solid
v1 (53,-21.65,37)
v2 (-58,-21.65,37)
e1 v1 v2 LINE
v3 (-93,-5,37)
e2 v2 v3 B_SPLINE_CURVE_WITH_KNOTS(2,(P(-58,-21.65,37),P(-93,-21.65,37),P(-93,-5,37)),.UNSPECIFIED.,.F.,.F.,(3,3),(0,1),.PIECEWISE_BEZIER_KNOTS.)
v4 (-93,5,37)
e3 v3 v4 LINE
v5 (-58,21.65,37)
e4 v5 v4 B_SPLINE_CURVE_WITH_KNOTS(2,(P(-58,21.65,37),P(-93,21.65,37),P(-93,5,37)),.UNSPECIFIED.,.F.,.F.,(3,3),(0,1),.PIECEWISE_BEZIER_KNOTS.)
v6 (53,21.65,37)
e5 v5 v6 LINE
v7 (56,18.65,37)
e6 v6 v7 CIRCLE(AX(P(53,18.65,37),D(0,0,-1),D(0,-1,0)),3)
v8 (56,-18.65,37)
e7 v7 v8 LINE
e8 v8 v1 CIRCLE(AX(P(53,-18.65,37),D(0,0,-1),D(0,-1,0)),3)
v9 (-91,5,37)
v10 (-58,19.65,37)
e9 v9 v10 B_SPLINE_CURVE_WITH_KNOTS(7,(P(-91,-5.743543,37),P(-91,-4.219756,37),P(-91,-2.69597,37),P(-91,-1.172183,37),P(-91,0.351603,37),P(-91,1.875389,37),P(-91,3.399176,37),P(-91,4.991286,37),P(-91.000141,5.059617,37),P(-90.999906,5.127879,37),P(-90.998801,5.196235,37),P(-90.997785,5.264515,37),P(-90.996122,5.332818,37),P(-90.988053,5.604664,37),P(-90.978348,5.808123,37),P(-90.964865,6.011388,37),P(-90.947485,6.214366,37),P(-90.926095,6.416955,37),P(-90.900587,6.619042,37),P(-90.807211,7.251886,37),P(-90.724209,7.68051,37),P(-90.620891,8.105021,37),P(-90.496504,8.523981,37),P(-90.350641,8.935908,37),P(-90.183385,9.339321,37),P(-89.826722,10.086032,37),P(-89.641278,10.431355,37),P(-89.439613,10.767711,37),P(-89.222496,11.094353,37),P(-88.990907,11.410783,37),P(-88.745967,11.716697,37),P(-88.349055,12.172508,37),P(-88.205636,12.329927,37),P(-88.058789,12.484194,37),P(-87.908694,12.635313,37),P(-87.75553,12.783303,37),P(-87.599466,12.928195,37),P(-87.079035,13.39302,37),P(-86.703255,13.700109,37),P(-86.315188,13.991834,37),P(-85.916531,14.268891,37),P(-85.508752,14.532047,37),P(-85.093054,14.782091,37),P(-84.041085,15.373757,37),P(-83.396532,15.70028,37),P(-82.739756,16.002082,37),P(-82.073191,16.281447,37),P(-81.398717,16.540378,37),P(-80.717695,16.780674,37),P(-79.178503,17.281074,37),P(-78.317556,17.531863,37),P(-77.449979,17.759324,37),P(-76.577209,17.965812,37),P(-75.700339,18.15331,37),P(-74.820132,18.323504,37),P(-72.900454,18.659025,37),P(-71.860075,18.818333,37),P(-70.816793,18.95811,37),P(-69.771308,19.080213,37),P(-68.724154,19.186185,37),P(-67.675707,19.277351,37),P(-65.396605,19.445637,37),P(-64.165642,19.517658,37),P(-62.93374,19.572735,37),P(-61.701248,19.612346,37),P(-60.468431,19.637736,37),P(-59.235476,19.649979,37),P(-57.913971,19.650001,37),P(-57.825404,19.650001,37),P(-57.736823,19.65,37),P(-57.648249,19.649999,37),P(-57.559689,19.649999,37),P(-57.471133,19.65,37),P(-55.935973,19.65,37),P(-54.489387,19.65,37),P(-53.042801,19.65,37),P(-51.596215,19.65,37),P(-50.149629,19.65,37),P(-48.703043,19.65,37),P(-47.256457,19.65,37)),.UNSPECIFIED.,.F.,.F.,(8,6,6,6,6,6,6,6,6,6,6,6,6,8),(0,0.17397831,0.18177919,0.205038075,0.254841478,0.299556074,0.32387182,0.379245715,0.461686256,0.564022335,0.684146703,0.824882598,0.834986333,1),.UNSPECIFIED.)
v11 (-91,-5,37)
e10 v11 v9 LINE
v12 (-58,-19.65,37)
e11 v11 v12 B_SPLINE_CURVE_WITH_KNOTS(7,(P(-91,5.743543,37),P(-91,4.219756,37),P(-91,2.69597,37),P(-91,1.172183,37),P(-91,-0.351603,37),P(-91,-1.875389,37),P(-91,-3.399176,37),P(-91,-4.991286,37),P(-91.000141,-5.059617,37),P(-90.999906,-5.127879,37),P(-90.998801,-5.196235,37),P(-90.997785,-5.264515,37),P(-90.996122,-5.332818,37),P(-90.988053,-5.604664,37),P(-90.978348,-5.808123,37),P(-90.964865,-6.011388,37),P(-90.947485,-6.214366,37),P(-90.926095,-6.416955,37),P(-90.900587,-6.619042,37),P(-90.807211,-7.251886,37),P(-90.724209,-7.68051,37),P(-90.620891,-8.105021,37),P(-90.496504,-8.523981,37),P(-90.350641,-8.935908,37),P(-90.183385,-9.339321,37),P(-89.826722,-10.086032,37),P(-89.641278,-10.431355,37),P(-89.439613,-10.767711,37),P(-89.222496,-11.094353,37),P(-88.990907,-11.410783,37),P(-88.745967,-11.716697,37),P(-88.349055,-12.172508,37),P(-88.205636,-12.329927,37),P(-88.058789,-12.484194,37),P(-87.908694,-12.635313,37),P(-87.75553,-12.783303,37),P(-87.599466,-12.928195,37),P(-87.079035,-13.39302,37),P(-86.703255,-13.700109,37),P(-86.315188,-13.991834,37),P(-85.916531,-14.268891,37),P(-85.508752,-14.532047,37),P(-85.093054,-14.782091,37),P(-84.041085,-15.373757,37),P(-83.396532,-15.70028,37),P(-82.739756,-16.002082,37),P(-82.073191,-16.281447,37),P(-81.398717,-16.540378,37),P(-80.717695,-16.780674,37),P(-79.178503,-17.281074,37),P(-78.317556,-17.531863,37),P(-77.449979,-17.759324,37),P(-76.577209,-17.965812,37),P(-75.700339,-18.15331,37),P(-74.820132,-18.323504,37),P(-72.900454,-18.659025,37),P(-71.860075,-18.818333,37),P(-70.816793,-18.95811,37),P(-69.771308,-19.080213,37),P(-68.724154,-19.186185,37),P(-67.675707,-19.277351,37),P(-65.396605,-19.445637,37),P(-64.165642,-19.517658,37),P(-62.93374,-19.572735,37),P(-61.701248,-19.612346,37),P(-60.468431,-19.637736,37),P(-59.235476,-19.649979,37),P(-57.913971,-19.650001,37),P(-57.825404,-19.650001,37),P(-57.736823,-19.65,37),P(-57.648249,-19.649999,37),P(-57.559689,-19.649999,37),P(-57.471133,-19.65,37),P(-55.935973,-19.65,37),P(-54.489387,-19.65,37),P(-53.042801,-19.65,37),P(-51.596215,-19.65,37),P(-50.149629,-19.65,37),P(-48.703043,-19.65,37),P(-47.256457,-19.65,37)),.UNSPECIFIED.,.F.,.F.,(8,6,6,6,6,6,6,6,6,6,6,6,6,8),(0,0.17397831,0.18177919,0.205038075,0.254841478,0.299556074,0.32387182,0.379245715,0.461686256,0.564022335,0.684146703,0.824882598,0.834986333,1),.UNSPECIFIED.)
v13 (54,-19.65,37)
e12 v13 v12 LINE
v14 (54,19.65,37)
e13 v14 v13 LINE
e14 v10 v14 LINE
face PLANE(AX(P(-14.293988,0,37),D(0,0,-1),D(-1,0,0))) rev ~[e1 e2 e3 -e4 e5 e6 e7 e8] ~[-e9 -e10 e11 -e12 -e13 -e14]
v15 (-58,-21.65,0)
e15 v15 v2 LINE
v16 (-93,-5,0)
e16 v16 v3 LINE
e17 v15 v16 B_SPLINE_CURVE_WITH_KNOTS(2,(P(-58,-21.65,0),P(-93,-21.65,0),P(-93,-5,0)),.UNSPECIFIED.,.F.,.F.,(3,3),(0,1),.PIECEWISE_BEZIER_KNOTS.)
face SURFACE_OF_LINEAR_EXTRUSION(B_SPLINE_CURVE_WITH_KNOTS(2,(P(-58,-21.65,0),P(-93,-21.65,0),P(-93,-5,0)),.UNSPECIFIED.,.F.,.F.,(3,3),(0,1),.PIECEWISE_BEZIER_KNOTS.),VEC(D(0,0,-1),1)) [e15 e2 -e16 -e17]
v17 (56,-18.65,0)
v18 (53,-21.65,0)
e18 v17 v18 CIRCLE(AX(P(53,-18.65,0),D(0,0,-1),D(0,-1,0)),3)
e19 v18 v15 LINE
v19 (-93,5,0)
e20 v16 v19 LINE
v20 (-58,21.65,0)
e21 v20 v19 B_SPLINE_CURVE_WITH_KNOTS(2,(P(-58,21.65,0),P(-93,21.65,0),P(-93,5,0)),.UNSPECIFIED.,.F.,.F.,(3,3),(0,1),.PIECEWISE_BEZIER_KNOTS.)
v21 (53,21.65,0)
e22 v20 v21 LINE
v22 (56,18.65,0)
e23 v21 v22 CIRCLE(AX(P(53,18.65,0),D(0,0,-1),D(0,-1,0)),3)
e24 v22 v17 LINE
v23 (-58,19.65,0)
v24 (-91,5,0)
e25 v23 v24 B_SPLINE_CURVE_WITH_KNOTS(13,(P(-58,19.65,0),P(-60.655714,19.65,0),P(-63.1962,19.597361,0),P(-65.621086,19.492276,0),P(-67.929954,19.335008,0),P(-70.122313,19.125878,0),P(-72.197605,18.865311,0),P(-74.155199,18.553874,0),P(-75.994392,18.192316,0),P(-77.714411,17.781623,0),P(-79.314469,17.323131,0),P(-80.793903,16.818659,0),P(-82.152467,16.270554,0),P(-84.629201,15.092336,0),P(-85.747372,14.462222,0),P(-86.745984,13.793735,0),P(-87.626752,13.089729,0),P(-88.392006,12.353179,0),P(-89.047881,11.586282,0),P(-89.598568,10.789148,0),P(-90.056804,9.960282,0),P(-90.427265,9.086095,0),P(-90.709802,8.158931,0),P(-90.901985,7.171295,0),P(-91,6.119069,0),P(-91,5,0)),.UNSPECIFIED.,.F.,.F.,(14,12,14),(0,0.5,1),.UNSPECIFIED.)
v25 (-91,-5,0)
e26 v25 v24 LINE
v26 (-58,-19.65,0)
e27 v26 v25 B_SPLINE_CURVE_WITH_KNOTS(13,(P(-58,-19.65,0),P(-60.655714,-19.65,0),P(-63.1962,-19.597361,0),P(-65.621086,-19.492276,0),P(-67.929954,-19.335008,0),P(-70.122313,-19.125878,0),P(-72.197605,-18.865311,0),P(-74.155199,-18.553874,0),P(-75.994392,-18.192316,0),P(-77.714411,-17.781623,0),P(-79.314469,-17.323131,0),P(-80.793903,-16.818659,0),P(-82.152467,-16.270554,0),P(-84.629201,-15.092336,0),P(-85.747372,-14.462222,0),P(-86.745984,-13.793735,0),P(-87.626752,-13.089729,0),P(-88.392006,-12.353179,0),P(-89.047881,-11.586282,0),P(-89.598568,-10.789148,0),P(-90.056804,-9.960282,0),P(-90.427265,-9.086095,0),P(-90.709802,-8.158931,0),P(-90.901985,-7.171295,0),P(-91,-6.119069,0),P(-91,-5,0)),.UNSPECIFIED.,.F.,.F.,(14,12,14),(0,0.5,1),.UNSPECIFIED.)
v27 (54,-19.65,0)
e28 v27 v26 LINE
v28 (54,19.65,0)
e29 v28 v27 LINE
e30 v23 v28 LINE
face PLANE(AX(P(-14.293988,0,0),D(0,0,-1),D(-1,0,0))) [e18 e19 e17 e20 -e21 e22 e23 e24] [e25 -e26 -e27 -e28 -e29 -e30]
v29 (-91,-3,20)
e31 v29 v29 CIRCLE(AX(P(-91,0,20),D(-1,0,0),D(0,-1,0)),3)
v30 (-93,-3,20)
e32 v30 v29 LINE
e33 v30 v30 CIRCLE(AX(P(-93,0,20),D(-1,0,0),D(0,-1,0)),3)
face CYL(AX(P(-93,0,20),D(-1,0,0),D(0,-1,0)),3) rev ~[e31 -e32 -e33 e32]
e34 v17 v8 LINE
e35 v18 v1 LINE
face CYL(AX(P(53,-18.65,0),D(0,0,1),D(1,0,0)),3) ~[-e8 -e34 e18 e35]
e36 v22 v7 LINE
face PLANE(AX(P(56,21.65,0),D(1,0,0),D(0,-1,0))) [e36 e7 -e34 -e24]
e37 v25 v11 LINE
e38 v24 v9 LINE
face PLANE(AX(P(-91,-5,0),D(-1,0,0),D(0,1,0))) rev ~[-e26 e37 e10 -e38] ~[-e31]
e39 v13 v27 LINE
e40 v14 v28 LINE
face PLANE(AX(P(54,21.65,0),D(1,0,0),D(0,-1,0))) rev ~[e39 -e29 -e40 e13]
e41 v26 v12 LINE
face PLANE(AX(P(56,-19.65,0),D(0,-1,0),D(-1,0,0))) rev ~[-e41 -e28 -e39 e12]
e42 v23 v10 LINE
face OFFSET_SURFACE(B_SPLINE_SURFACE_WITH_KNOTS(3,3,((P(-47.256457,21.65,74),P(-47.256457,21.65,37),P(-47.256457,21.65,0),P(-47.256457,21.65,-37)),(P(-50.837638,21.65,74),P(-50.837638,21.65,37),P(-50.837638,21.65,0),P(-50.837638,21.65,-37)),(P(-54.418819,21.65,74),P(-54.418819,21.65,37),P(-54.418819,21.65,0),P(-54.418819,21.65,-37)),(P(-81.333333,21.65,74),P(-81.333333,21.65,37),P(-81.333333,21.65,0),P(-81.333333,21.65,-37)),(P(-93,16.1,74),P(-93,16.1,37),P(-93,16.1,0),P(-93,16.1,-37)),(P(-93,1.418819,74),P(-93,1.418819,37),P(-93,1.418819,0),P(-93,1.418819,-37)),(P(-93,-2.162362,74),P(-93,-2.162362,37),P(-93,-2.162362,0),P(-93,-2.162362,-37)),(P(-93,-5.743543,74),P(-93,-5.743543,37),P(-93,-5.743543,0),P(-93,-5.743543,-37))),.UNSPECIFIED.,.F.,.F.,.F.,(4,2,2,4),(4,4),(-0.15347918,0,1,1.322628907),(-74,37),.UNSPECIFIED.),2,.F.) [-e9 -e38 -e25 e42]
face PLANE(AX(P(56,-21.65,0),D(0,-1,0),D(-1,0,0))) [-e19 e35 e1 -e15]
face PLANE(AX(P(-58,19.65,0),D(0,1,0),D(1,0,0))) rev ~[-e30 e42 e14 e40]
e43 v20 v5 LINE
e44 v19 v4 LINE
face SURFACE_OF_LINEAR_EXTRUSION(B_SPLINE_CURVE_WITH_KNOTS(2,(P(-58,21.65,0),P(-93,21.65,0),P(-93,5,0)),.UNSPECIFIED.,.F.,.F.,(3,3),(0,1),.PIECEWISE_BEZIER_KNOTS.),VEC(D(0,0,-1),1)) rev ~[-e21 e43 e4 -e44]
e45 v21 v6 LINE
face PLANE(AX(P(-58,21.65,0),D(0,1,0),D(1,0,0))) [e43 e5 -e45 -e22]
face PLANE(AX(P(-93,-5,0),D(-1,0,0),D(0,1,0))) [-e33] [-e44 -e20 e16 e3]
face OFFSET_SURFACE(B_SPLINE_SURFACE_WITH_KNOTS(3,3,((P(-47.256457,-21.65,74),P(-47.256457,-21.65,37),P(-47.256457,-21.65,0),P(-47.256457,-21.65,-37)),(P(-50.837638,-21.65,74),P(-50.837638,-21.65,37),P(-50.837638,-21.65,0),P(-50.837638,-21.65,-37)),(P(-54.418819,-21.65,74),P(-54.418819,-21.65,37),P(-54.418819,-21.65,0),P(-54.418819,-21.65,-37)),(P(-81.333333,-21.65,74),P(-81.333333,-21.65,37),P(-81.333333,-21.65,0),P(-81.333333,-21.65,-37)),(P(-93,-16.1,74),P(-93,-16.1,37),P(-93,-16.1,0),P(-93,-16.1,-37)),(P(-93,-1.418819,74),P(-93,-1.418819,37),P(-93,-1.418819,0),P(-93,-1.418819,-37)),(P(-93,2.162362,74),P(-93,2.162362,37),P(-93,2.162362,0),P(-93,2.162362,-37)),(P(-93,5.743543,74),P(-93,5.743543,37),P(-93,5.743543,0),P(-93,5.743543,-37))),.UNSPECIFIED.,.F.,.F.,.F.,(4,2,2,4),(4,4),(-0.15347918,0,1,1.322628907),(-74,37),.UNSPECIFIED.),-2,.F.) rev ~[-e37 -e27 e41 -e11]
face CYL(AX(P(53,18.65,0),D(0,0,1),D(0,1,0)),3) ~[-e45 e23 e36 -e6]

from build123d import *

# Parameters (mm, degrees)
PAD_DEPTH   = 37
THICKNESS_T = -2
SKETCH002_R = 3
HOLE_DEPTH  = 25
HOLE_TIPS_R = 3
FILLET_R    = 3


with BuildPart() as part:
    # Sketch001 → Pad (new body)
    with BuildSketch(Plane.XY):
        with BuildLine():
            Line((-58, 21.65), (56, 21.65))
            Line((56, 21.65), (56, -21.65))
            Line((56, -21.65), (-58, -21.65))
            add(Edge.make_bspline(
                [(-58, -21.65), (-93, -21.65), (-93, -5)],
                knots=[0, 0, 0, 1, 1, 1], degree=2))
            Line((-93, -5), (-93, 5))
            add(Edge.make_bspline(
                [(-58, 21.65), (-93, 21.65), (-93, 5)],
                knots=[0, 0, 0, 1, 1, 1], degree=2))
        make_face()
    extrude(amount=PAD_DEPTH)

    # Thickness
    thickness_openings = [part.faces().sort_by_distance(p)[0] for p in [
        (-16.404598, 0, 37),
        (-16.404598, 0, 0),
    ]]
    offset(amount=THICKNESS_T, openings=thickness_openings)

    # Sketch002 (on Face5 of Thickness) → Hole (cut)
    with BuildSketch(Plane(origin=(-93, 0, 0), x_dir=(0, -1, 0), z_dir=(-1, 0, 0))):
        with Locations((0, 20)):
            Circle(SKETCH002_R)
    extrude(amount=-HOLE_DEPTH, mode=Mode.SUBTRACT)

    # Hole tips → Hole tip 1 section 0
    with BuildSketch(Plane(origin=(-68, 0, 0), x_dir=(0, -1, 0), z_dir=(-1, 0, 0)), mode=Mode.PRIVATE) as hole_tip_1_s0:
        with Locations((0, 20)):
            Circle(HOLE_TIPS_R)
    loft([hole_tip_1_s0.sketch, Vertex(-66.197418, 0, 20)], mode=Mode.SUBTRACT)

    # Fillet
    fillet_edges = [part.edges().sort_by_distance(p)[0] for p in [
        (56, 21.65, 18.5),
        (56, -21.65, 18.5),
    ]]
    fillet(fillet_edges, radius=FILLET_R)


solid = part.part
